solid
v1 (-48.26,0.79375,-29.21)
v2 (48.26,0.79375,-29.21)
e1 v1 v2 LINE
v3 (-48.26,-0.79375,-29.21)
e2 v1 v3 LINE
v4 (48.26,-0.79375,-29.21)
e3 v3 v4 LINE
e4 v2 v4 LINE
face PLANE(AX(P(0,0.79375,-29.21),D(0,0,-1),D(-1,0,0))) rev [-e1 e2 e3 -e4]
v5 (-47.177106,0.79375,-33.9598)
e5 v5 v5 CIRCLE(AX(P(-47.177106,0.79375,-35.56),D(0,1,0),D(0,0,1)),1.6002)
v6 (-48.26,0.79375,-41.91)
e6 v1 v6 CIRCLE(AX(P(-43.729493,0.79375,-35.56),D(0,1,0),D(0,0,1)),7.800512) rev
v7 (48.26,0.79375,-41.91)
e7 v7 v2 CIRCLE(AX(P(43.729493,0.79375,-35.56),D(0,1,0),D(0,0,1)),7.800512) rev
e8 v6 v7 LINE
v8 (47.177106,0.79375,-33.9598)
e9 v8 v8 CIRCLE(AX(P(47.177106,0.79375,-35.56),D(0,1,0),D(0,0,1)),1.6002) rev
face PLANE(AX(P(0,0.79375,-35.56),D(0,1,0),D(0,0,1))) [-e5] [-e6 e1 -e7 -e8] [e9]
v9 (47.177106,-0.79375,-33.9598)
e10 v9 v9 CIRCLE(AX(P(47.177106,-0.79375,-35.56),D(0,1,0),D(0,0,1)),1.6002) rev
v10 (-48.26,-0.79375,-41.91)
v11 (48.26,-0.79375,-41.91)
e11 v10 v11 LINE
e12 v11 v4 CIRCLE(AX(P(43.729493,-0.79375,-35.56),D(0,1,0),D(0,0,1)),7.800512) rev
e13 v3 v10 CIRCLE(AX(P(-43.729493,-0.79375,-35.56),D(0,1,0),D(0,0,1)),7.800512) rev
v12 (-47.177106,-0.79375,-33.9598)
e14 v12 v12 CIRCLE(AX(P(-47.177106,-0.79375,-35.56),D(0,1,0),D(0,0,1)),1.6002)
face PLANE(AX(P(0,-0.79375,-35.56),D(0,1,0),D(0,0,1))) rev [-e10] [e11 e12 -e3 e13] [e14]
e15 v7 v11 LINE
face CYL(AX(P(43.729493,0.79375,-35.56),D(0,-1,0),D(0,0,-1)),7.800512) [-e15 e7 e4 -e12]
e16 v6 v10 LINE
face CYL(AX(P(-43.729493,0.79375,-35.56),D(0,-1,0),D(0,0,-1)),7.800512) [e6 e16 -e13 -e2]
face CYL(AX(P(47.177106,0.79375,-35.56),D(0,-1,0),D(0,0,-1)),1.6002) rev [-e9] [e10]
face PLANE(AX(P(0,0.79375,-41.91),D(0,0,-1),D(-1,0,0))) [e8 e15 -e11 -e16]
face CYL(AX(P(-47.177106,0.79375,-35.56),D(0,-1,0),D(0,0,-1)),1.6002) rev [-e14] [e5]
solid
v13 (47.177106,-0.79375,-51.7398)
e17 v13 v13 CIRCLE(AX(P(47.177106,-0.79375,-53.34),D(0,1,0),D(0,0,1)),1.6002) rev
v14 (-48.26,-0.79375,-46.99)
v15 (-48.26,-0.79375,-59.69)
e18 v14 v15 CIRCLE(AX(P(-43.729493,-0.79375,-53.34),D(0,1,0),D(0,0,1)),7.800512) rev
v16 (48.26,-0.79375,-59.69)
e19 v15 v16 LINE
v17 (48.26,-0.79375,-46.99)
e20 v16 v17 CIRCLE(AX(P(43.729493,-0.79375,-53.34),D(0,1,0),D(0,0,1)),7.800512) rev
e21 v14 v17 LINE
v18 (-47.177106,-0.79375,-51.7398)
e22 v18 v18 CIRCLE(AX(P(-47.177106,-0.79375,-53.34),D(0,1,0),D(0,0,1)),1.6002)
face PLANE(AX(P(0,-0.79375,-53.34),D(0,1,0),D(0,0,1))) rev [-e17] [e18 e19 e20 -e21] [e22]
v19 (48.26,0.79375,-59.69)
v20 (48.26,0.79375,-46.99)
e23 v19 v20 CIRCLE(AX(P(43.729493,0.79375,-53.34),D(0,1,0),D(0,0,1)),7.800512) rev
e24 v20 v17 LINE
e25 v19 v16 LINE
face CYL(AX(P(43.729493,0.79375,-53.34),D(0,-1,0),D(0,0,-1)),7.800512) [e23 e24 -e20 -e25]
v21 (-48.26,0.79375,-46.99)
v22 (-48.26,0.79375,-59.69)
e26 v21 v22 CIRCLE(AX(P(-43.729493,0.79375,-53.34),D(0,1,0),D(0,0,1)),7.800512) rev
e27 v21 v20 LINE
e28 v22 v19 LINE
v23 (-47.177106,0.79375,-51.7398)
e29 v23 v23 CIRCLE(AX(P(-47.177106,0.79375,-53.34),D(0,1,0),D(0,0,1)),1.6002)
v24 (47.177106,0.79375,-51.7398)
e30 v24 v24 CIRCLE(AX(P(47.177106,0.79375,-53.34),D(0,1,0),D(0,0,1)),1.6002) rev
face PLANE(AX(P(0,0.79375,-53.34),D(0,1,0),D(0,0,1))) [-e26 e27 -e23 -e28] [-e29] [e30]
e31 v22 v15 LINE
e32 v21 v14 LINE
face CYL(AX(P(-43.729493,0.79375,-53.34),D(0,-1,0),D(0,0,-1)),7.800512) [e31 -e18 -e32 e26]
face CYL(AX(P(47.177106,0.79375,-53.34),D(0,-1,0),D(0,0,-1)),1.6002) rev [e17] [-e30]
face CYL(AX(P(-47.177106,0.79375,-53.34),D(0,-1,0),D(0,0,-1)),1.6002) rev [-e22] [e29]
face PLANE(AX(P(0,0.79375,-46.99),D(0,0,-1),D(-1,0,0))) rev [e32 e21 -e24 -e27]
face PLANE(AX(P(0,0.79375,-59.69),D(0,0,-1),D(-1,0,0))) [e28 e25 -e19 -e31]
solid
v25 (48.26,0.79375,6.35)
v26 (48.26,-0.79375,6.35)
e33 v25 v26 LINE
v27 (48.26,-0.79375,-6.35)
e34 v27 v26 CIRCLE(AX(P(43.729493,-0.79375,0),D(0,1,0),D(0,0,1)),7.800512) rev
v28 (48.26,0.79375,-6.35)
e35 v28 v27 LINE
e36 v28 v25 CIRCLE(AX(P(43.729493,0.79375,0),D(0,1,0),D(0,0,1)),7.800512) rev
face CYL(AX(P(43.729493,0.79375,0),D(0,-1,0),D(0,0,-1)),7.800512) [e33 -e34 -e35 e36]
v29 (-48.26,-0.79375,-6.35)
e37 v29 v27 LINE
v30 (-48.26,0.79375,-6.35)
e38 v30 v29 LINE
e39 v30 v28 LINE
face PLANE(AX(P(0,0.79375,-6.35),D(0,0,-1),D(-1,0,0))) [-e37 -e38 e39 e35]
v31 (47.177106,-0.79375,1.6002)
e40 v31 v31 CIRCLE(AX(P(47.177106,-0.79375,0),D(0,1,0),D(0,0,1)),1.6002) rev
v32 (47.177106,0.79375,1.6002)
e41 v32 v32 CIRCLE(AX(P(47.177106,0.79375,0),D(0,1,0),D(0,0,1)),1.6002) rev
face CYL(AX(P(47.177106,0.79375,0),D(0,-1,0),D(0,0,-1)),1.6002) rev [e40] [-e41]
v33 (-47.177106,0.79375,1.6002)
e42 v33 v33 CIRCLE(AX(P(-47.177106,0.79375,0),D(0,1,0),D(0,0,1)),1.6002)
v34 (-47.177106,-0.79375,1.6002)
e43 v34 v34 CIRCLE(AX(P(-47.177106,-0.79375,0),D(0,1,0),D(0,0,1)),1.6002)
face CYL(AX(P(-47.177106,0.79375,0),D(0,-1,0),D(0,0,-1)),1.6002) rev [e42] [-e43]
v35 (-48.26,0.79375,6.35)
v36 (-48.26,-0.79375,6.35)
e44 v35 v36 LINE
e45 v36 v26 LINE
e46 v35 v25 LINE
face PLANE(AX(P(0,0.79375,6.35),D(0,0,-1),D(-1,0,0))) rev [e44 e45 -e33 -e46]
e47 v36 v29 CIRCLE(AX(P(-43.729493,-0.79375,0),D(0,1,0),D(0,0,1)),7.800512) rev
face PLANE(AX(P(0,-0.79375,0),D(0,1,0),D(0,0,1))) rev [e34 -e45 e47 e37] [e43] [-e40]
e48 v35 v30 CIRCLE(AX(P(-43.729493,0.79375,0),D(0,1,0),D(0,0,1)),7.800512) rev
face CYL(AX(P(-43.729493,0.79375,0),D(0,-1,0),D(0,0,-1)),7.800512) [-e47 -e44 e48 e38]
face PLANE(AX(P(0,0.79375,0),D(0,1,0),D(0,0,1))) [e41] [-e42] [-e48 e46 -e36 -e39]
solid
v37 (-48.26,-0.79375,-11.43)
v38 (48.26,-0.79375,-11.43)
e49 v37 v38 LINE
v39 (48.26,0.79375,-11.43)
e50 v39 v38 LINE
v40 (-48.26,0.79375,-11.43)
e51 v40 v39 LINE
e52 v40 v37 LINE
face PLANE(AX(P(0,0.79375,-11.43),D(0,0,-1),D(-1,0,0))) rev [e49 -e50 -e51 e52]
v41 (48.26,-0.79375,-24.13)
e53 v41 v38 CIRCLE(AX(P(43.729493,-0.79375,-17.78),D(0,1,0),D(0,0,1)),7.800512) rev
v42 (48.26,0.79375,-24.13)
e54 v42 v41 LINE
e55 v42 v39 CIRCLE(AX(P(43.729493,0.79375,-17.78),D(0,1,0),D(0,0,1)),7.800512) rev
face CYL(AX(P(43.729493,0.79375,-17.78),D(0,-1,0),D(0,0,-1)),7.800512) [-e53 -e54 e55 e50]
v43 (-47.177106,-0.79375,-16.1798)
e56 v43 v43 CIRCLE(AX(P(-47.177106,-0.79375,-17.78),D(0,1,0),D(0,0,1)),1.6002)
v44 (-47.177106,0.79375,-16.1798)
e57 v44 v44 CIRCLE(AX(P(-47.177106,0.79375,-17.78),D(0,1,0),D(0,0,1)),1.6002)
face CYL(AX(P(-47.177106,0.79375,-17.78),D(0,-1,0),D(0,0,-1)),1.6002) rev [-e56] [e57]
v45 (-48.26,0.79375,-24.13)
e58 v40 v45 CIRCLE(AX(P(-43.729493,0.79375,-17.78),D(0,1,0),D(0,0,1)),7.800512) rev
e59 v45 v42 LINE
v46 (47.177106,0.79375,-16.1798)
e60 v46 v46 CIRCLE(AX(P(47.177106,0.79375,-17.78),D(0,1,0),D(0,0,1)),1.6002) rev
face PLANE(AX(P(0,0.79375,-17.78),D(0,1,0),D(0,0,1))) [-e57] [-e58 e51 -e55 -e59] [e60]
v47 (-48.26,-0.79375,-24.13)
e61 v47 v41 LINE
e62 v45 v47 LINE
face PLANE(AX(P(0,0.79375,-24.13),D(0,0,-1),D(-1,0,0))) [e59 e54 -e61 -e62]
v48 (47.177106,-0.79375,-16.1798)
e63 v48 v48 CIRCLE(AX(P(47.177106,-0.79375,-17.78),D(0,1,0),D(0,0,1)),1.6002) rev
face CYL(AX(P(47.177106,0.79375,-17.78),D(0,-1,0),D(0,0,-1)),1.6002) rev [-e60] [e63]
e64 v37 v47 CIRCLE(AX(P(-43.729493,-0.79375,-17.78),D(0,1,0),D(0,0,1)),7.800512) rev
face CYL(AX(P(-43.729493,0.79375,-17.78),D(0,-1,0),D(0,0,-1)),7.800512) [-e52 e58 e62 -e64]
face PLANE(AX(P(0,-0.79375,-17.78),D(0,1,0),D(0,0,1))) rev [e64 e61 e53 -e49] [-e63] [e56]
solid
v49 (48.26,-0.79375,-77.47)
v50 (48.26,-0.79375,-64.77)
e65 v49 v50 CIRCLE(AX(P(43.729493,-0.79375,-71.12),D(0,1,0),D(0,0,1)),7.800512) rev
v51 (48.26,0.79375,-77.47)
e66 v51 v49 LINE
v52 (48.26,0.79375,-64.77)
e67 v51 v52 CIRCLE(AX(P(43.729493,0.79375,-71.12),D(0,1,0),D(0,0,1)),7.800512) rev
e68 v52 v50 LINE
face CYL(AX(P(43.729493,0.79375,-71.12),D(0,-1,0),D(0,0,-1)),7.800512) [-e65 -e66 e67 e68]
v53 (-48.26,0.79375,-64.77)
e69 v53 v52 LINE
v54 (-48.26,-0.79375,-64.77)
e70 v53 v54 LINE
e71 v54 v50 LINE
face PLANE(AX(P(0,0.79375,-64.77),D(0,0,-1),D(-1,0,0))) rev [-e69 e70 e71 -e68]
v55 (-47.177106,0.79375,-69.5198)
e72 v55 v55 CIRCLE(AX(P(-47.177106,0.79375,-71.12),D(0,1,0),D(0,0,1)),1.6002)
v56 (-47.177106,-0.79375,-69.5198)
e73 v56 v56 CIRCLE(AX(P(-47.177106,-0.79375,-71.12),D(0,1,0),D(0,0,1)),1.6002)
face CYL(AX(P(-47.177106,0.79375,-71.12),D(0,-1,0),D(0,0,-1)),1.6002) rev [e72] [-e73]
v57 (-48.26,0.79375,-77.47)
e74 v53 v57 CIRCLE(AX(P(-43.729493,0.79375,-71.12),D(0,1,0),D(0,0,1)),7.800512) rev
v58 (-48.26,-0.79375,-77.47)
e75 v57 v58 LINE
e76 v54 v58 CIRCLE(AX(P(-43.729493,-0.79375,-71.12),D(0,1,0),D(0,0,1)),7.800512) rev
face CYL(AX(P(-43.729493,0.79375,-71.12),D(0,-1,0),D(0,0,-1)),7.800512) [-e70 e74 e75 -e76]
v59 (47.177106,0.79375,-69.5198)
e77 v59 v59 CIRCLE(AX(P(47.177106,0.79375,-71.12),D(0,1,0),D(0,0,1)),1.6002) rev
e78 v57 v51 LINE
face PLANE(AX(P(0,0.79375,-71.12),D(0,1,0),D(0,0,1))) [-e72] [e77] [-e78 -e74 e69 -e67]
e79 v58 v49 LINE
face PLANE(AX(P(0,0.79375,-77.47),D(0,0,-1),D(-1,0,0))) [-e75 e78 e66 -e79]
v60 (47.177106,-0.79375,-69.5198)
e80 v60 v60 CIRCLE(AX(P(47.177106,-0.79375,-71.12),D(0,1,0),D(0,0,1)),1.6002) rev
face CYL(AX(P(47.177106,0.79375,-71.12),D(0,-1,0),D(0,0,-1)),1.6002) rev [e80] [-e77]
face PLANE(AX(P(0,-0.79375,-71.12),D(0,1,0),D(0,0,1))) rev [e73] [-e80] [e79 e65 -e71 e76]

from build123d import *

# Parameters (mm, degrees)
SKETCH1_R           = 1.6002
BOSS_EXTRUDE1_DEPTH = 0.79375
LPATTERN1_COUNT     = 5
LPATTERN1_PITCH     = 17.78


with BuildPart() as part:
    # Sketch1 → Boss-Extrude1 (new body, symmetric)
    with BuildSketch(Plane(origin=(0, 0, 0), x_dir=(1, 0, 0), z_dir=(0, 1, 0))):
        with BuildLine():
            Line((-48.26, -6.35), (48.26, -6.35))
            ThreePointArc((48.26, -6.35), (51.530005533, 0), (48.26, 6.35))
            Line((48.26, 6.35), (-48.26, 6.35))
            ThreePointArc((-48.26, 6.35), (-51.530005511, 0), (-48.26, -6.35))
        make_face()
        with Locations((-47.177105686, 0)):
            Circle(SKETCH1_R, mode=Mode.SUBTRACT)
        with Locations((47.177105686, 0)):
            Circle(SKETCH1_R, mode=Mode.SUBTRACT)
    extrude(amount=BOSS_EXTRUDE1_DEPTH, both=True)


with BuildPart() as lpattern1_1:
    # LPattern1: pattern copy
    add(part.part.moved(Location(Vector(0, 0, -1) * (1 * LPATTERN1_PITCH))))


with BuildPart() as lpattern1_2:
    # LPattern1: pattern copy
    add(part.part.moved(Location(Vector(0, 0, -1) * (2 * LPATTERN1_PITCH))))


with BuildPart() as lpattern1_3:
    # LPattern1: pattern copy
    add(part.part.moved(Location(Vector(0, 0, -1) * (3 * LPATTERN1_PITCH))))


with BuildPart() as lpattern1_4:
    # LPattern1: pattern copy
    add(part.part.moved(Location(Vector(0, 0, -1) * (4 * LPATTERN1_PITCH))))


solid = Compound([part.part, lpattern1_1.part, lpattern1_2.part, lpattern1_3.part, lpattern1_4.part])
